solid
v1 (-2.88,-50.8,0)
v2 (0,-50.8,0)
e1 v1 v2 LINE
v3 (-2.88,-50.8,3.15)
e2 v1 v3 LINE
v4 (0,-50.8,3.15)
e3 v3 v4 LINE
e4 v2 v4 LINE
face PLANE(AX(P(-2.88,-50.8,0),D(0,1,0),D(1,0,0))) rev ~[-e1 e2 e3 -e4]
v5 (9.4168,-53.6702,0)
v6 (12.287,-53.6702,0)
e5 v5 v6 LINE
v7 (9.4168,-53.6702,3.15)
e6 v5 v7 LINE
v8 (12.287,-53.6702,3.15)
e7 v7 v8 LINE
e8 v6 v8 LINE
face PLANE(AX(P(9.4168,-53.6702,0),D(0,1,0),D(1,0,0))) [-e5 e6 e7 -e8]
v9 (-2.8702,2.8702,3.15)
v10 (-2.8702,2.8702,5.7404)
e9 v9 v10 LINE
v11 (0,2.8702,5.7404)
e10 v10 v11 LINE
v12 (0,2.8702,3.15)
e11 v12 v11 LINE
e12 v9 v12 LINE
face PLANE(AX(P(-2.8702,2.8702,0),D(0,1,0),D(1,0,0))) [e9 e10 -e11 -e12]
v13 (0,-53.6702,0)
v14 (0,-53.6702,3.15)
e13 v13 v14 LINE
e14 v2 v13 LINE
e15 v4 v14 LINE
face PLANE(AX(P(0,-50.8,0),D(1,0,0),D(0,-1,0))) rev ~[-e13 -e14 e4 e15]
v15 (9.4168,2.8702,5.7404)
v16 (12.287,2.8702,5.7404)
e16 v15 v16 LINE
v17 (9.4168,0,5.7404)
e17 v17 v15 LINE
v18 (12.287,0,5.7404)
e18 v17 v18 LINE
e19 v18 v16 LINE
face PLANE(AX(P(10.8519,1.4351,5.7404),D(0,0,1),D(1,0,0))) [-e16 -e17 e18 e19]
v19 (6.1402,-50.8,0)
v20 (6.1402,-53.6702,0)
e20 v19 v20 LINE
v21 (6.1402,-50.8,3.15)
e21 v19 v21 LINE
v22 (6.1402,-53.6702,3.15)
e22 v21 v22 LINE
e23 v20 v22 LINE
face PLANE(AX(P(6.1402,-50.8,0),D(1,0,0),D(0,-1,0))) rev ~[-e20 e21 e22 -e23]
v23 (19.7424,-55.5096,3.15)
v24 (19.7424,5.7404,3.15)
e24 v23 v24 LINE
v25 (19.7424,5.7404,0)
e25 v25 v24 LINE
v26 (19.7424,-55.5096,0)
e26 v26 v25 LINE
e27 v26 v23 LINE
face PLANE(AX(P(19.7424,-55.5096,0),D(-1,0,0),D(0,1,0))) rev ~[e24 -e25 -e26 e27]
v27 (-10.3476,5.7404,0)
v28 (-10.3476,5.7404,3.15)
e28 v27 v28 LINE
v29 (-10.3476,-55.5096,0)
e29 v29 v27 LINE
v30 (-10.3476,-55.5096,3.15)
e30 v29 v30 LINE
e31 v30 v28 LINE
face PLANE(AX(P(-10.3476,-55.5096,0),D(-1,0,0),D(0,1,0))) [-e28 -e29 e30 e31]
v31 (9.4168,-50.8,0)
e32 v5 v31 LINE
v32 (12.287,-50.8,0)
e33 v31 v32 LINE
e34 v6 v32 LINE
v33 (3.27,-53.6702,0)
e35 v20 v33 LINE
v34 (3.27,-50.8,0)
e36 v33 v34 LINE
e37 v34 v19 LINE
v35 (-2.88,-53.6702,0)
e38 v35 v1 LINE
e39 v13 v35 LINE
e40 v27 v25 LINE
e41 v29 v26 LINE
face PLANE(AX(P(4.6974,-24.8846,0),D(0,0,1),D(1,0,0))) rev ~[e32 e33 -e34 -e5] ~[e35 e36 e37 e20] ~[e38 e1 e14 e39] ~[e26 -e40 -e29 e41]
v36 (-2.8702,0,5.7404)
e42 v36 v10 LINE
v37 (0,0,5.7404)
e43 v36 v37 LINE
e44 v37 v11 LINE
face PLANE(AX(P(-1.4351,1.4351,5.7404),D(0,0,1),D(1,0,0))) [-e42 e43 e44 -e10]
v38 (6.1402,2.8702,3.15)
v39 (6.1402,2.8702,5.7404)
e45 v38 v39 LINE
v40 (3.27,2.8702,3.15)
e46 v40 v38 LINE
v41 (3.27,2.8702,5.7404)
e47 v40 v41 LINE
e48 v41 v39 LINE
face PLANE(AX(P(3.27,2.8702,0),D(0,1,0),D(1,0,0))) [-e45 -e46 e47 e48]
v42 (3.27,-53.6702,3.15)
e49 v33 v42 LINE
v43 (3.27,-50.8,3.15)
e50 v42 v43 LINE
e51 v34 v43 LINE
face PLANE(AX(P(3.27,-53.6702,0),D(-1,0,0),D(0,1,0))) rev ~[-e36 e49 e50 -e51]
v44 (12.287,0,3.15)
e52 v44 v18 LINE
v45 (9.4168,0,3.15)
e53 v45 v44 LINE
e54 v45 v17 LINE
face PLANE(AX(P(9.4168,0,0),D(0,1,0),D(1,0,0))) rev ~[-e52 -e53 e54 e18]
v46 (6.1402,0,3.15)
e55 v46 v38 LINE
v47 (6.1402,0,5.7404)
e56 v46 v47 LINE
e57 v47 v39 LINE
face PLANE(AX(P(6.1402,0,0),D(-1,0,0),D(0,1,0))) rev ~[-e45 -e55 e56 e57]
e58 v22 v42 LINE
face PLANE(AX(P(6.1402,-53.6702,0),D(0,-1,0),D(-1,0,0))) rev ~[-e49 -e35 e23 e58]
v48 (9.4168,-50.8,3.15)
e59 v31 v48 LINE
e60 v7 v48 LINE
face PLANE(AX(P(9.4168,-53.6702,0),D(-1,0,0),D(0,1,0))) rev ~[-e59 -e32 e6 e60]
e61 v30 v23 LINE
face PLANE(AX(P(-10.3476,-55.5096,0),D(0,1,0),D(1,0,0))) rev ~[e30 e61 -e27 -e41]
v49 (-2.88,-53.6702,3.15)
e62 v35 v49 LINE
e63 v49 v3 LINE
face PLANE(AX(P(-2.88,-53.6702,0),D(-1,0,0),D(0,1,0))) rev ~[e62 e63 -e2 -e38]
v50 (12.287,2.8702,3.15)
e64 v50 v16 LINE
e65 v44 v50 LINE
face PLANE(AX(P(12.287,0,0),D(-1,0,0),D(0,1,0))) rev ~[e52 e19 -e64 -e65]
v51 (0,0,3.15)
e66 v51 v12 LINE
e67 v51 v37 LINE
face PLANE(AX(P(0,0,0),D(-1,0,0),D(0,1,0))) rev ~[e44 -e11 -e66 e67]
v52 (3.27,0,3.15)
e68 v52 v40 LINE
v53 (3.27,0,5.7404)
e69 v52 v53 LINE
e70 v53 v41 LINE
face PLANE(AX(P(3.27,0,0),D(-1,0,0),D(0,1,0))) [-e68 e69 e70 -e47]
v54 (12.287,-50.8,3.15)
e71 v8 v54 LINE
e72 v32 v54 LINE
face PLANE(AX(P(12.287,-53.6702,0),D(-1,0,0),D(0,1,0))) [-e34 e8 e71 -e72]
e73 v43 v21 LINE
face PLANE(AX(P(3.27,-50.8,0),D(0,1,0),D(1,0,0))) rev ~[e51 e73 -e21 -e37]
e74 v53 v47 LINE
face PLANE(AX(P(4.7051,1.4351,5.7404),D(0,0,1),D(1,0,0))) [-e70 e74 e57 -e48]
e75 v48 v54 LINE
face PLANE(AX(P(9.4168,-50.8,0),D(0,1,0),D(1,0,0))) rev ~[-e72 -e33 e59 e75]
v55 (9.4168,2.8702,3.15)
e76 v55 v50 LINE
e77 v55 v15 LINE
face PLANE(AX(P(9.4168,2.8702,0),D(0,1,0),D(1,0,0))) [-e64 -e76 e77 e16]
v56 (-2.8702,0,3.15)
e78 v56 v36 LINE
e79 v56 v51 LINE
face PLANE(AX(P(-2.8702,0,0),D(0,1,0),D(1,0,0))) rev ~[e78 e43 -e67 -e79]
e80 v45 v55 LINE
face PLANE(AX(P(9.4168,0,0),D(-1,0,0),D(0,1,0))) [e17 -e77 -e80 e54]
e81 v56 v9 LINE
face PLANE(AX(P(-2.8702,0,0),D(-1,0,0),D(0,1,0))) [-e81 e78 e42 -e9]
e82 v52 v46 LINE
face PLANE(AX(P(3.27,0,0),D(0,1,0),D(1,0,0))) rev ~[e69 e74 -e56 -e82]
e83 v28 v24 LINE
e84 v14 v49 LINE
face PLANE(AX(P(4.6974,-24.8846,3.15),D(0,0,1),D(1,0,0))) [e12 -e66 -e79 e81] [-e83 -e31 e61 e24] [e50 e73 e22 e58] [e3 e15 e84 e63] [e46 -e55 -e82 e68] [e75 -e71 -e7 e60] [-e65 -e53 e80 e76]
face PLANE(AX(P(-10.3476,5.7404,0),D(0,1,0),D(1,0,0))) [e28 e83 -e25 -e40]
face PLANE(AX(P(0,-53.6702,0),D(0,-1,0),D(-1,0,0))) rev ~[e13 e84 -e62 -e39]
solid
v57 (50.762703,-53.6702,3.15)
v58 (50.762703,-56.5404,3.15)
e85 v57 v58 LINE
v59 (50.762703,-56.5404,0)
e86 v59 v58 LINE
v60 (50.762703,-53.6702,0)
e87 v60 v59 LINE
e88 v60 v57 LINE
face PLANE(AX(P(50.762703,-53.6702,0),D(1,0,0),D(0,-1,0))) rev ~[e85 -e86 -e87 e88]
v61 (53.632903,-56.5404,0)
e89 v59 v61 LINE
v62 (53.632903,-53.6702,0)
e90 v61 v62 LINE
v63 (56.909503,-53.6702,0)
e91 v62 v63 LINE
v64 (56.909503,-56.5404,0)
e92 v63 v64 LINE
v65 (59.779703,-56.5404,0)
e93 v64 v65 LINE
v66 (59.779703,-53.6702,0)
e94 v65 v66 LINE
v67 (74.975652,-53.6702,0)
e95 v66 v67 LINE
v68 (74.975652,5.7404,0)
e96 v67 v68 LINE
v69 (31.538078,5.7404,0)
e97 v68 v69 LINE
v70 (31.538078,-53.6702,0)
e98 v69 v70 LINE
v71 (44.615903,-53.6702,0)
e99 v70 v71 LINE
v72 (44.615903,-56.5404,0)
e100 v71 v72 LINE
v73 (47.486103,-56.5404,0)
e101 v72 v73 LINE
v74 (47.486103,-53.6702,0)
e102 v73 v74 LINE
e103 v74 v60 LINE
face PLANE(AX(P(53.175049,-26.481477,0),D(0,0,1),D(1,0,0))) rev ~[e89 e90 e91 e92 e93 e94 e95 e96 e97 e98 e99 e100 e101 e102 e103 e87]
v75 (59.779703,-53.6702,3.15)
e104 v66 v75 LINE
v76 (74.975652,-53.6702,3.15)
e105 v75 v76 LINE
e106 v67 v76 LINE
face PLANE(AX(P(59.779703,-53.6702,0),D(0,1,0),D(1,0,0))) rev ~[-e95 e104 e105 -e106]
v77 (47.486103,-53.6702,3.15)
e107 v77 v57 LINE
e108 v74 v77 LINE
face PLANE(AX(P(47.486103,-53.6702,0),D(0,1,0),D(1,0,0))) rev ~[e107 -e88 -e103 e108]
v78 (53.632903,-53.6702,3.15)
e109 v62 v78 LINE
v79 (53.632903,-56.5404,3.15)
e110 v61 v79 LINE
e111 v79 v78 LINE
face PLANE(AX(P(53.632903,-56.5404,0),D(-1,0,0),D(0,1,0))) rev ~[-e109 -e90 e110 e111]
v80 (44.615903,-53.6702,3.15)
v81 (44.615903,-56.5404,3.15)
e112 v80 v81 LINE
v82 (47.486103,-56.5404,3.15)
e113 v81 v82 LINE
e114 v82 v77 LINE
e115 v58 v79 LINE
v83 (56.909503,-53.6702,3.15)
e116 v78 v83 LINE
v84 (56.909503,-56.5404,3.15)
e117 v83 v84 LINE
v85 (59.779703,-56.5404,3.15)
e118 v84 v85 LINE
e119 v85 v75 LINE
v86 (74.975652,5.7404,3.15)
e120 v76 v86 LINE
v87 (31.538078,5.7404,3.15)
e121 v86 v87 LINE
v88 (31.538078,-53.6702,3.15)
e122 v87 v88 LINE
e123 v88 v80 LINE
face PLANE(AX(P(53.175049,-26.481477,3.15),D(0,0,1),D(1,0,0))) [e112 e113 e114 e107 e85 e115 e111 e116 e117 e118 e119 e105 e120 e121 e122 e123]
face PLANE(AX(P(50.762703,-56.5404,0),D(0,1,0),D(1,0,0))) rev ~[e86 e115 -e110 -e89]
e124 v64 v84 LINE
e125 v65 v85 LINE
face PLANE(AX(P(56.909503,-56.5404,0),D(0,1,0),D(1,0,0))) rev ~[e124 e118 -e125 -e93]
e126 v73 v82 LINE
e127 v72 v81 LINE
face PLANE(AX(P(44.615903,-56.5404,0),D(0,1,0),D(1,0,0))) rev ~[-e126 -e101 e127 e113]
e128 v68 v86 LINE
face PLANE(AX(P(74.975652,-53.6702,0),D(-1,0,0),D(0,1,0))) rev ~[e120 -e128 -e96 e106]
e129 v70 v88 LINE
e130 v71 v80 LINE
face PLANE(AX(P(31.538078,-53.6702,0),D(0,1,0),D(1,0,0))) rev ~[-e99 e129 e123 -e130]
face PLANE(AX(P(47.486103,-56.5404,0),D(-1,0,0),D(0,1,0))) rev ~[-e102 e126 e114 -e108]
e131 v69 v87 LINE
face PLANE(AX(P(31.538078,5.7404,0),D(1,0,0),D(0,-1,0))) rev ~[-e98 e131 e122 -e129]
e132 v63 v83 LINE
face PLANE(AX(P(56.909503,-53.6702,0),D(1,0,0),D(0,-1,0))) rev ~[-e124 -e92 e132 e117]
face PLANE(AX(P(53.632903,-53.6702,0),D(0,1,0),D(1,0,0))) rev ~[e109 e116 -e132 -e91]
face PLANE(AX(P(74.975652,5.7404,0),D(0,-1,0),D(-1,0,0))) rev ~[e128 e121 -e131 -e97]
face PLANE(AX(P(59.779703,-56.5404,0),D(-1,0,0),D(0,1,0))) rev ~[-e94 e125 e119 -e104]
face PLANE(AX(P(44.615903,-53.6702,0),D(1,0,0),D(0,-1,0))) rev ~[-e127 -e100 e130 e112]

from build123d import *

# Parameters (mm, degrees)
F0_W     = 30.09
F0_H     = 61.25
F0_W_2   = 2.8702
F0_H_2   = 2.8702
F1_DEPTH = 3.15
F2_DEPTH = 5.7404


with BuildPart() as f1:
    # F0 (on Top) → F1 (new body)
    with BuildSketch(Plane.XY):
        with Locations((4.6974, -24.8846)):
            Rectangle(F0_W, F0_H)
        Polygon((0, -53.6702), (-2.88, -53.6702), (-2.88, -50.8), (-0.0098, -50.8), (0, -50.8), align=None, mode=Mode.SUBTRACT)
        Polygon((3.27, -53.6702), (3.27, -50.8), (6.1386, -50.8), (6.1402, -50.8), (6.1402, -53.6702), align=None, mode=Mode.SUBTRACT)
        with Locations((10.8519, -52.2351)):
            Rectangle(F0_W_2, F0_H_2, mode=Mode.SUBTRACT)
        with Locations((-1.4351, 1.4351)):
            Rectangle(F0_W_2, F0_H_2, mode=Mode.SUBTRACT)
        with Locations((4.7051, 1.4351)):
            Rectangle(F0_W_2, F0_H_2, mode=Mode.SUBTRACT)
        with Locations((10.8519, 1.4351)):
            Rectangle(F0_W_2, F0_H_2, mode=Mode.SUBTRACT)
        Polygon((31.538078, 5.7404), (31.538078, -53.6702), (44.615903, -53.6702), (44.615903, -56.5404), (47.486103, -56.5404), (47.486103, -53.6702), (50.762703, -53.6702), (50.762703, -56.5404), (53.632903, -56.5404), (53.632903, -53.6702), (56.909503, -53.6702), (56.909503, -56.5404), (59.779703, -56.5404), (59.779703, -53.6702), (74.975652, -53.6702), (74.975652, 5.7404), align=None)
    extrude(amount=F1_DEPTH)

    # F0 (on Top) → F2 (join)
    with BuildSketch(Plane.XY):
        with Locations((10.8519, 1.4351)):
            Rectangle(F0_W_2, F0_H_2)
        with Locations((4.7051, 1.4351)):
            Rectangle(F0_W_2, F0_H_2)
        with Locations((-1.4351, 1.4351)):
            Rectangle(F0_W_2, F0_H_2)
    extrude(amount=F2_DEPTH)


solid = f1.part
